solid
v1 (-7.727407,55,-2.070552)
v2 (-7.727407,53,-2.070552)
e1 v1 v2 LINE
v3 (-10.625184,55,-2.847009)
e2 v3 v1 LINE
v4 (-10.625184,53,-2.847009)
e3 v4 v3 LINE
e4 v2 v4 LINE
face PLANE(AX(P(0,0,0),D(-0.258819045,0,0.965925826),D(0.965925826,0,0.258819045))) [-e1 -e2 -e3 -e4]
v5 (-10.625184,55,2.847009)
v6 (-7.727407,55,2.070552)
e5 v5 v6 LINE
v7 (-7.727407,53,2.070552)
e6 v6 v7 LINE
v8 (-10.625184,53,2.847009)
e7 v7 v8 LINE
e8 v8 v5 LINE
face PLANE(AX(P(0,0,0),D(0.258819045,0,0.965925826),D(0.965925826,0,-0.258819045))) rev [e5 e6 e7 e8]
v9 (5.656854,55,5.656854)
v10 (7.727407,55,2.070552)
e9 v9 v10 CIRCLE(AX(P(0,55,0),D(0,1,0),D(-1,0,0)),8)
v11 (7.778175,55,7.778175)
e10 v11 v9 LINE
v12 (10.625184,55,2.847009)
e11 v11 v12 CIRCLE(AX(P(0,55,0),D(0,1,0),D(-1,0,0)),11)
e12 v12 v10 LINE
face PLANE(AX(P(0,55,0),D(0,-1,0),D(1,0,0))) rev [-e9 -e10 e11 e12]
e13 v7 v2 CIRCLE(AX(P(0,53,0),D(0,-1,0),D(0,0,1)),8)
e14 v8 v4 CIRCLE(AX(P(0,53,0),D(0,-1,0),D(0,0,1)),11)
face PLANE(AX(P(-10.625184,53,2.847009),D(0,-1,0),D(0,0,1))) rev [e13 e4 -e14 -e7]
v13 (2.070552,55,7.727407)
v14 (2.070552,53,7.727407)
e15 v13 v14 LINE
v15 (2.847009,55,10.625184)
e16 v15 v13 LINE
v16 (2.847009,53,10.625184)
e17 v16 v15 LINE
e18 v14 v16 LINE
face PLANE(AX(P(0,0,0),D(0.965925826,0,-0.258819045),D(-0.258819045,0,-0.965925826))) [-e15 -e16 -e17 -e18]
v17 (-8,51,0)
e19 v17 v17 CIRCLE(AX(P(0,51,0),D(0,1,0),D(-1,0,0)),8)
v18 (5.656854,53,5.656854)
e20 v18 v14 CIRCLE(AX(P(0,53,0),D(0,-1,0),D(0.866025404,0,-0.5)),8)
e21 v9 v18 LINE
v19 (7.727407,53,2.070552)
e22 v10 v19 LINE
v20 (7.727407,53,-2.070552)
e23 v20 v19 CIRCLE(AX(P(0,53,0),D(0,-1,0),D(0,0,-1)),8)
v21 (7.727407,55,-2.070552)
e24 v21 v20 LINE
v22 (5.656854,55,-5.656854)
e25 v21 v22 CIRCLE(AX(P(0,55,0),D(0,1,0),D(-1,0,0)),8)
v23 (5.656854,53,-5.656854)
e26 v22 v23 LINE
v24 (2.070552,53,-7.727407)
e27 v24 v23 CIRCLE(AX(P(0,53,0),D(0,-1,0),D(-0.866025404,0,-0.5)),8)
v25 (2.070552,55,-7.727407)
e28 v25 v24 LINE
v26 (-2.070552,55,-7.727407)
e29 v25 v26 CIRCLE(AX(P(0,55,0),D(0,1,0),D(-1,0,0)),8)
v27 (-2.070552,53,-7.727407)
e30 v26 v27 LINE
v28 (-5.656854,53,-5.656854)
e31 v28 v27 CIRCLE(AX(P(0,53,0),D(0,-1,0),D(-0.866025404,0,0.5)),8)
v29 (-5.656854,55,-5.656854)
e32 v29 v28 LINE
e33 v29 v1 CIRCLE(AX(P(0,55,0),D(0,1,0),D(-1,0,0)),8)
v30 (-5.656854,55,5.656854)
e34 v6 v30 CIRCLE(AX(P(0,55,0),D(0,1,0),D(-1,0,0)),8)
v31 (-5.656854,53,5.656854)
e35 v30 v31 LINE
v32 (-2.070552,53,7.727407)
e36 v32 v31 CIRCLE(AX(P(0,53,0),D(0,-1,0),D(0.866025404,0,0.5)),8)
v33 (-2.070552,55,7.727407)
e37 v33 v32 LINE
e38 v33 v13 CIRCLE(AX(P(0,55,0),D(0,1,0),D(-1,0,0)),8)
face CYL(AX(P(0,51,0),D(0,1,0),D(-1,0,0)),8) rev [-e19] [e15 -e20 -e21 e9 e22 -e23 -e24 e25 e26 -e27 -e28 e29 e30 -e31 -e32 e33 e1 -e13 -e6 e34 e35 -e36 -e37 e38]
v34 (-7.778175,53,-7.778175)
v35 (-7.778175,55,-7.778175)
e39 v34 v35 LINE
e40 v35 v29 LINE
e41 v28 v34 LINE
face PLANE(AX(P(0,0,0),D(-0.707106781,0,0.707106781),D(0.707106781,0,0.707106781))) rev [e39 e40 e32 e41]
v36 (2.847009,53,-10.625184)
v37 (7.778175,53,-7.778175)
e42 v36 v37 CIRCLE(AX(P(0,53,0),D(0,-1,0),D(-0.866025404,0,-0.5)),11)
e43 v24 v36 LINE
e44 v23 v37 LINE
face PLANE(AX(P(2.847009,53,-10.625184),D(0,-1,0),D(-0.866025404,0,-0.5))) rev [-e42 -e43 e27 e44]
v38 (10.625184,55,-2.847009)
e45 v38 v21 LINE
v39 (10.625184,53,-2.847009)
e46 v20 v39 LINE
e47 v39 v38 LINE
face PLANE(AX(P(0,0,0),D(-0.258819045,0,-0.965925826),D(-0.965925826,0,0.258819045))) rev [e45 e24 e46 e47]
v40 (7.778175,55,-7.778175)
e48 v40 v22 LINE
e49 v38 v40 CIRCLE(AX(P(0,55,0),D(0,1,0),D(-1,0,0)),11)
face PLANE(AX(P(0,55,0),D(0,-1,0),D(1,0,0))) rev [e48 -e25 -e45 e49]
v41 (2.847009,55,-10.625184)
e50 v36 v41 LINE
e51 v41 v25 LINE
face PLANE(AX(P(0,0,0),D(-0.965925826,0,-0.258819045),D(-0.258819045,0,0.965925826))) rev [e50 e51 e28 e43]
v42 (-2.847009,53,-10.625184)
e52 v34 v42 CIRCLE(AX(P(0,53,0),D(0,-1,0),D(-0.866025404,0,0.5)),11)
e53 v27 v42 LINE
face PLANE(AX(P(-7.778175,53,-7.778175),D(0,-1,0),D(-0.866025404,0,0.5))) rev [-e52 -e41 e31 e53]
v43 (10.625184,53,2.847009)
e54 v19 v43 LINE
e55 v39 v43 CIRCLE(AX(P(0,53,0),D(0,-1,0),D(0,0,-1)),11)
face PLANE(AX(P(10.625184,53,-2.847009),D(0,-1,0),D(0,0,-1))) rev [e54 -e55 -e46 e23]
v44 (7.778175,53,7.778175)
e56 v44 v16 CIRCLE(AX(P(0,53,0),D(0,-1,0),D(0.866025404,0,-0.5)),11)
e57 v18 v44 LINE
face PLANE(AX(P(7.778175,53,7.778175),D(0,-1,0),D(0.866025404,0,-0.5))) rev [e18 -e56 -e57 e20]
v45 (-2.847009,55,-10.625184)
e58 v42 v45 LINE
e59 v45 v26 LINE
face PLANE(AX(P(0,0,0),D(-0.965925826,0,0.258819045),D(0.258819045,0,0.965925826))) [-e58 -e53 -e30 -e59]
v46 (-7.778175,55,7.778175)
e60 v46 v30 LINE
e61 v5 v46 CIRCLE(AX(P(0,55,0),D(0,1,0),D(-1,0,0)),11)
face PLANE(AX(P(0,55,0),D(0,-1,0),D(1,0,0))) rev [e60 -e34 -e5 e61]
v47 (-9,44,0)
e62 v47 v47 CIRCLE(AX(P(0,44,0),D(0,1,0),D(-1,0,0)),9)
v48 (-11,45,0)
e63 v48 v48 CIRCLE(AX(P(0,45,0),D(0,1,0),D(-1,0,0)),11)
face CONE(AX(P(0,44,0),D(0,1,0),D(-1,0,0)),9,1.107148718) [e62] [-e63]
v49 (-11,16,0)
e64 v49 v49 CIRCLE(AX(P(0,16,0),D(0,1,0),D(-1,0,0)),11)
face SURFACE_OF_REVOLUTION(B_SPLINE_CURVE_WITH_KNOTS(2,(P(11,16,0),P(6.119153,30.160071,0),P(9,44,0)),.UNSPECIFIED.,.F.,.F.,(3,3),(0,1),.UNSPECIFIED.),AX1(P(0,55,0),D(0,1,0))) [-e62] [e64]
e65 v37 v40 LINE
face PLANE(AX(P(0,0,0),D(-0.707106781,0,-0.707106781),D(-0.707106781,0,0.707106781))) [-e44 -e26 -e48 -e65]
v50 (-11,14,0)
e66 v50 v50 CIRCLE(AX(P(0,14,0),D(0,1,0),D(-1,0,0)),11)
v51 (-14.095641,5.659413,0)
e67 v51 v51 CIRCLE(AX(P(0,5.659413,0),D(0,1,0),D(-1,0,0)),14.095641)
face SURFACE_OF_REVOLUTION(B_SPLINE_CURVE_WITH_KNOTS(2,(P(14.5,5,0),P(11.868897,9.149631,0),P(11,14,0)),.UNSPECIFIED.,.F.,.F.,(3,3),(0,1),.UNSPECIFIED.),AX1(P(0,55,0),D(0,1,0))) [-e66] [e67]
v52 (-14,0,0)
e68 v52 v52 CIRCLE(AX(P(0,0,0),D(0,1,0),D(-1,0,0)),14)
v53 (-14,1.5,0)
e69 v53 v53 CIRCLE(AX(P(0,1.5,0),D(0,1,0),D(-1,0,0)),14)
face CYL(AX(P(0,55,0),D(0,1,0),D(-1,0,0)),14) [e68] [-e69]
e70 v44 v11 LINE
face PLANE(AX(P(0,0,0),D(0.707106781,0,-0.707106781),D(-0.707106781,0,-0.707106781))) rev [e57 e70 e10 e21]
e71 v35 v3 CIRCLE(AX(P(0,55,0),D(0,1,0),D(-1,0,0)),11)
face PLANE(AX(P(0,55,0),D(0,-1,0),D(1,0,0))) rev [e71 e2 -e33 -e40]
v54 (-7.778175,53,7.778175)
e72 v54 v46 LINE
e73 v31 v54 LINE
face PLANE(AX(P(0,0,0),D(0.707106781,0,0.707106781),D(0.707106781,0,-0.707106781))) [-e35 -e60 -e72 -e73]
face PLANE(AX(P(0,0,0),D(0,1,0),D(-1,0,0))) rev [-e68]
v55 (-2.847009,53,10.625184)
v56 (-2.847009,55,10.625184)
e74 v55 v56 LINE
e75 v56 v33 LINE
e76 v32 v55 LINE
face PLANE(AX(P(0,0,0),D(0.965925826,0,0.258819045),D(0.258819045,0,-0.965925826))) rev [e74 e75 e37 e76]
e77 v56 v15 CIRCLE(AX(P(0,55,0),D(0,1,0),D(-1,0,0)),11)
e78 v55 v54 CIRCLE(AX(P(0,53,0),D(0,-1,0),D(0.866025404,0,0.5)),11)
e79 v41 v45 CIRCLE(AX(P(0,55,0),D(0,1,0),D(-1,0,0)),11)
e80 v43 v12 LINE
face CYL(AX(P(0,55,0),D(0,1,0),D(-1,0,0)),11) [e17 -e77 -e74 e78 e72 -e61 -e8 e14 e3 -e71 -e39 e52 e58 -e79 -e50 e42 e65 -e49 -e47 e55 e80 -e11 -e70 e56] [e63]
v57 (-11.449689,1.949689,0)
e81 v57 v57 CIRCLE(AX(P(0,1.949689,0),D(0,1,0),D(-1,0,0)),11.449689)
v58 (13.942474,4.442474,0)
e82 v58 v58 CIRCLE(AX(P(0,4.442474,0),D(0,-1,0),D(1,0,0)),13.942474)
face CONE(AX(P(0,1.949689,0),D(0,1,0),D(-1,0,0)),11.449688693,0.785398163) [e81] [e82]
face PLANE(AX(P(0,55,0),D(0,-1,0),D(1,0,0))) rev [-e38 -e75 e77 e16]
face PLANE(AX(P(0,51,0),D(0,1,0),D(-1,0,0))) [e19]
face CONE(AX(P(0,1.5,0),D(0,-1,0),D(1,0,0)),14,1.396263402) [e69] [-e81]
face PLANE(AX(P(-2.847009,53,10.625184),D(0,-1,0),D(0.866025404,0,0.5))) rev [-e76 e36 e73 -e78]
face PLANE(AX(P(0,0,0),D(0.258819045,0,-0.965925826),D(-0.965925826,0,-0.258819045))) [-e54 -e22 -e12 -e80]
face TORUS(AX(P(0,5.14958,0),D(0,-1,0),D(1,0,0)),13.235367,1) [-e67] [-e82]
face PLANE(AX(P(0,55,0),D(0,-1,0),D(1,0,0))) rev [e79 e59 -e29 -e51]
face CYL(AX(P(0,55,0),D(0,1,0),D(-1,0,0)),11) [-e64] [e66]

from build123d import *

# Parameters (mm, degrees)
FILLET1_R          = 1
SKETCH2_R          = 8
CUT_EXTRUDE1_DEPTH = 4
SKETCH3_W          = 3
SKETCH3_H          = 2
CUT_REVOLVE1_ANGLE = 30
CIRPATTERN1_COUNT  = 6


with BuildPart() as part:
    # Sketch1 → Revolve1 (revolve)
    with BuildSketch(Plane.XY, mode=Mode.PRIVATE) as revolve1_sk:
        with BuildLine():
            Line((0, 0), (14, 0))
            Line((14, 0), (14, 1.5))
            Line((14, 1.5), (11.449688693, 1.949688693))
            Line((11.449688693, 1.949688693), (14.5, 5))
            add(Edge.make_bspline(
                [(11, 14), (11.868897118, 9.149631339), (14.5, 5)],
                knots=[0, 0, 0, 1, 1, 1], degree=2))
            Line((11, 14), (11, 16))
            add(Edge.make_bspline(
                [(9, 44), (6.119153374, 30.160071278), (11, 16)],
                knots=[0, 0, 0, 1, 1, 1], degree=2))
            Line((9, 44), (11, 45))
            Line((11, 45), (11, 55))
            Line((11, 55), (0, 55))
            Line((0, 55), (0, 0))
        make_face()
    revolve(revolve1_sk.sketch.rotate(Axis((0, 55, 0), (0, -1, 0)), 180), axis=Axis((0, 55, 0), (0, -1, 0)))

    # Fillet1
    fillet1_edges = [part.edges().sort_by_distance(p)[0] for p in [
        (14.5, 5, 0),
    ]]
    fillet(fillet1_edges, radius=FILLET1_R)

    # Sketch2 → Cut-Extrude1 (cut)
    with BuildSketch(Plane(origin=(0, 55, 0), x_dir=(1, 0, 0), z_dir=(0, 1, 0))):
        with Locations(Location((0, 0, 0), (0, 0, 180))):
            Circle(SKETCH2_R)
    extrude(amount=-CUT_EXTRUDE1_DEPTH, mode=Mode.SUBTRACT)

    # Sketch3 → Cut-Revolve1 (revolve, symmetric, cut)
    with BuildSketch(Plane.XY) as cut_revolve1_sk:
        with Locations((9.5, 54)):
            Rectangle(SKETCH3_W, SKETCH3_H)
    cut_revolve1 = revolve(axis=Axis((0, 0, 0), (0, 1, 0)), revolution_arc=CUT_REVOLVE1_ANGLE / 2, mode=Mode.SUBTRACT)
    cut_revolve1 = cut_revolve1 + revolve(cut_revolve1_sk.sketch, axis=Axis((0, 0, 0), (0, -1, 0)), revolution_arc=CUT_REVOLVE1_ANGLE / 2, mode=Mode.SUBTRACT)

    # CirPattern1: Cut-Revolve1 ×6 about axis
    cirpattern1_axis = Axis((0, 0, 0), (0, 1, 0))
    for i in range(1, CIRPATTERN1_COUNT):
        add(cut_revolve1.rotate(cirpattern1_axis, i * 360 / CIRPATTERN1_COUNT), mode=Mode.SUBTRACT)


solid = part.part
